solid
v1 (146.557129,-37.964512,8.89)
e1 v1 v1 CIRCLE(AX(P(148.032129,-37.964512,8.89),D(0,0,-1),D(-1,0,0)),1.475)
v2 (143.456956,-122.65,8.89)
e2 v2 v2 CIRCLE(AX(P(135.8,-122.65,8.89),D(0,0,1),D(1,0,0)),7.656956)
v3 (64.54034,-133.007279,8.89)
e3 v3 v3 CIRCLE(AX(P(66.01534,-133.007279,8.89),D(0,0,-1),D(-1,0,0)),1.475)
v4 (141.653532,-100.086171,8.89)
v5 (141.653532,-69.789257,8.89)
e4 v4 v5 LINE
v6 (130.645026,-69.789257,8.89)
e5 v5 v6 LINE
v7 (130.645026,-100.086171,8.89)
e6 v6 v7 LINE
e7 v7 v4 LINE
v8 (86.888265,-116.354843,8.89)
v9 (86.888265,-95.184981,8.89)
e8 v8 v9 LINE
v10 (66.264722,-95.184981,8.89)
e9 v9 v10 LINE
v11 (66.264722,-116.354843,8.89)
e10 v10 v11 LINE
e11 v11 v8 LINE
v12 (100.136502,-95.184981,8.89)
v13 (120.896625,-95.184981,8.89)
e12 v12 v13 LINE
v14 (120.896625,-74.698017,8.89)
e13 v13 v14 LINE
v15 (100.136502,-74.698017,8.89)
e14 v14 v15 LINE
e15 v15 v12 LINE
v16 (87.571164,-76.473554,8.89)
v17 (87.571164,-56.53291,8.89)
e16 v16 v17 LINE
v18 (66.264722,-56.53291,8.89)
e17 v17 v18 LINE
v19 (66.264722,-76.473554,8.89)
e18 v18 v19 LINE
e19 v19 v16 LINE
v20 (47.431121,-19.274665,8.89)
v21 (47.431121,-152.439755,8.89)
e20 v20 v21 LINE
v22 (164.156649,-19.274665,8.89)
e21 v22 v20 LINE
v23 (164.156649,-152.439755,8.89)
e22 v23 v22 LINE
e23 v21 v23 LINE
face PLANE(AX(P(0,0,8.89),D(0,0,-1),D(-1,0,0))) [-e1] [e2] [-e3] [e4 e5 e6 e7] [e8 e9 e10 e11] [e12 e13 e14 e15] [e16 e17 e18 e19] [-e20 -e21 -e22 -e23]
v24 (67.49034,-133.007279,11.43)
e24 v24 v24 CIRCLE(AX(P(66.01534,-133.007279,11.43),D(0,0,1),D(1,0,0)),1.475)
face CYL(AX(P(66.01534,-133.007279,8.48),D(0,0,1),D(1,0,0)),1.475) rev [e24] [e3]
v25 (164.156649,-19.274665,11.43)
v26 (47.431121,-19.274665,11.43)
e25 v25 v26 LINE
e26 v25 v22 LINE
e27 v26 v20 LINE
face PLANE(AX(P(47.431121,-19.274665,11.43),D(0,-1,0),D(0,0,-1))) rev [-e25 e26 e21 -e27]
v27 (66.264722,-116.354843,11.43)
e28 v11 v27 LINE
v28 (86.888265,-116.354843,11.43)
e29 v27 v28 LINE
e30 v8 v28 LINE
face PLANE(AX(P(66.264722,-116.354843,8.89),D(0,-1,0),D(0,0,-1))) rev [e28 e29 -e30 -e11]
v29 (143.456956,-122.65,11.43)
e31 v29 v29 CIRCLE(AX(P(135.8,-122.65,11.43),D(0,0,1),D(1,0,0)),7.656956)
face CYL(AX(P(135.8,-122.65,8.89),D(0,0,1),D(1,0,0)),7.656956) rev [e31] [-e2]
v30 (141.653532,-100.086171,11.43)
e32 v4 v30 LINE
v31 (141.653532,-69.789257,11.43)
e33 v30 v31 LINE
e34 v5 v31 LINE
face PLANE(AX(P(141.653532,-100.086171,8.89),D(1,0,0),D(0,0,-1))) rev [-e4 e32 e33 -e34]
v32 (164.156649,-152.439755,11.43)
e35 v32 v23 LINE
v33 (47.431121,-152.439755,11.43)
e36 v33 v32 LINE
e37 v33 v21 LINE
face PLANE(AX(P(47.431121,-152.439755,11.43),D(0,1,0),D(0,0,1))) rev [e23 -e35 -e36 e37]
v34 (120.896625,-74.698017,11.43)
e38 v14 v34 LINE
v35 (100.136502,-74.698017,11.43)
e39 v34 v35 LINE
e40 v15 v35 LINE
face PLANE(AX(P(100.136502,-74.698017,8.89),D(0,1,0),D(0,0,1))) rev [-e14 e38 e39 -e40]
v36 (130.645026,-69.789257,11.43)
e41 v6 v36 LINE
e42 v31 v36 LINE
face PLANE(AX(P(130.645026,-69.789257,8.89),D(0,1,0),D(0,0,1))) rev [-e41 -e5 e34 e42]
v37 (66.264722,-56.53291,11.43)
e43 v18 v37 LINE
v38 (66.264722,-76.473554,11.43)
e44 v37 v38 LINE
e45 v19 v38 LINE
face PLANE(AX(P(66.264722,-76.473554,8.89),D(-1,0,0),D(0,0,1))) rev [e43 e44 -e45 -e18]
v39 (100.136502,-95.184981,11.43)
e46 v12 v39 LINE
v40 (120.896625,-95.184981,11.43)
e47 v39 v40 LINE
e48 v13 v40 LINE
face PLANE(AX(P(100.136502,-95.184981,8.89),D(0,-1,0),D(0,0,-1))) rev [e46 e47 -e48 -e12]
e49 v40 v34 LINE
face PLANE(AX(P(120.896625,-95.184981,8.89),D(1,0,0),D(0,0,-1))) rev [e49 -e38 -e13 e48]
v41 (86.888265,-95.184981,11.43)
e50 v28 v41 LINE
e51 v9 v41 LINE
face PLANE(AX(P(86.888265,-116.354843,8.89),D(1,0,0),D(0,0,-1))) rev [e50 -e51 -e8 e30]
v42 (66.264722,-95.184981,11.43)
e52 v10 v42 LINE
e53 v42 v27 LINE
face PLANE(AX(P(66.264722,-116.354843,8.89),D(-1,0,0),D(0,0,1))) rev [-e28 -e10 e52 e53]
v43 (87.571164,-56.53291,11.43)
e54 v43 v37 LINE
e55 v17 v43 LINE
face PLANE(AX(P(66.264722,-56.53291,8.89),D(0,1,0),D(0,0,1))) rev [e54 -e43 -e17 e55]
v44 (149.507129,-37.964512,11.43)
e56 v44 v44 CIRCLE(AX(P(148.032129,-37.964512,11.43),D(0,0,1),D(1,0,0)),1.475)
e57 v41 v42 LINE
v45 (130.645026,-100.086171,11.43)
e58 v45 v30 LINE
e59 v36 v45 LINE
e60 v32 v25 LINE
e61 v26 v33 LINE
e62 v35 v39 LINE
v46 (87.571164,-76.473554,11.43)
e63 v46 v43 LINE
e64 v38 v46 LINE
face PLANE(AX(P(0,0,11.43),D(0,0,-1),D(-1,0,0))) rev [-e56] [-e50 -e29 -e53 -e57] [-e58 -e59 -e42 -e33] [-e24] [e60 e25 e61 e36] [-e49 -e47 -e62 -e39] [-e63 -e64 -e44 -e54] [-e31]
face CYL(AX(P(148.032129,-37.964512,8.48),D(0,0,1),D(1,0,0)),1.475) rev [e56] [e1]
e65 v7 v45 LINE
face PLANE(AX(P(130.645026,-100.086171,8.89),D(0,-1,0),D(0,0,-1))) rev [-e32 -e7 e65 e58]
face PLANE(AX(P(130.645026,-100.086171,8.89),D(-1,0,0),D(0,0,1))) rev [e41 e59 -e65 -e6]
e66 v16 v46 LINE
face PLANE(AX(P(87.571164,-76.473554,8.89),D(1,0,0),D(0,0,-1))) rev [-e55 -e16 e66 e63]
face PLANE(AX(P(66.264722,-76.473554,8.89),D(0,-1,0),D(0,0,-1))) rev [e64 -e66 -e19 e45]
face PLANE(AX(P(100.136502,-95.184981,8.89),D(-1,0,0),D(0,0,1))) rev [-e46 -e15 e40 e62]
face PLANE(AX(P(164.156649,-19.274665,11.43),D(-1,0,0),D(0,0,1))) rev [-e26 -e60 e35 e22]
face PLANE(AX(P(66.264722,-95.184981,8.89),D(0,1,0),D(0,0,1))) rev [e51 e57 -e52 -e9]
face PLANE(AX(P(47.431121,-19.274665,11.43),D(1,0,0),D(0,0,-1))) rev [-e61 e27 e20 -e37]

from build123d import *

# Parameters (mm, degrees)
SKETCH2_W           = 116.725527873
SKETCH2_H           = 133.165089742
BOSS_EXTRUDE1_DEPTH = 2.54
SKETCH3_W           = 20.623543236
SKETCH3_H           = 21.169862262
SKETCH3_W_2         = 20.760122992
SKETCH3_H_2         = 20.48696348
SKETCH3_W_3         = 21.306442018
SKETCH3_H_3         = 19.940644453
CUT_EXTRUDE1_DEPTH  = 2.54
SKETCH5_R           = 7.656955564
CUT_EXTRUDE3_DEPTH  = 2.54
SKETCH7_W           = 11.00850593
SKETCH7_H           = 30.296913756
CUT_EXTRUDE4_DEPTH  = 2.54
SKETCH8_R           = 1.475
CUT_EXTRUDE6_DEPTH  = 2.95


with BuildPart() as part:
    # Sketch2 → Boss-Extrude1 (new body)
    with BuildSketch(Plane.XY.offset(8.89)):
        with Locations((105.793885205, -85.85721005)):
            Rectangle(SKETCH2_W, SKETCH2_H)
    extrude(amount=BOSS_EXTRUDE1_DEPTH)

    # Sketch3 → Cut-Extrude1 (cut)
    with BuildSketch(Plane.XY.offset(11.43)):
        with Locations((76.576493833, -105.769912046)):
            Rectangle(SKETCH3_W, SKETCH3_H)
        with Locations((110.51656333, -84.941499175)):
            Rectangle(SKETCH3_W_2, SKETCH3_H_2)
        with Locations((76.917943224, -66.503232044)):
            Rectangle(SKETCH3_W_3, SKETCH3_H_3)
    extrude(amount=-CUT_EXTRUDE1_DEPTH, mode=Mode.SUBTRACT)

    # Sketch5 → Cut-Extrude3 (cut)
    with BuildSketch(Plane.XY.offset(11.43)):
        with Locations((135.8, -122.65)):
            Circle(SKETCH5_R)
    extrude(amount=-CUT_EXTRUDE3_DEPTH, mode=Mode.SUBTRACT)

    # Sketch7 → Cut-Extrude4 (cut)
    with BuildSketch(Plane.XY.offset(11.43)):
        with Locations((136.149279083, -84.937713867)):
            Rectangle(SKETCH7_W, SKETCH7_H)
    extrude(amount=-CUT_EXTRUDE4_DEPTH, mode=Mode.SUBTRACT)

    # Sketch8 → Cut-Extrude6 (cut)
    with BuildSketch(Plane.XY.offset(11.43)):
        with Locations((66.015339877, -133.007279185)):
            Circle(SKETCH8_R)
        with Locations((148.032128518, -37.964511979)):
            Circle(SKETCH8_R)
    extrude(amount=-CUT_EXTRUDE6_DEPTH, mode=Mode.SUBTRACT)


solid = part.part
